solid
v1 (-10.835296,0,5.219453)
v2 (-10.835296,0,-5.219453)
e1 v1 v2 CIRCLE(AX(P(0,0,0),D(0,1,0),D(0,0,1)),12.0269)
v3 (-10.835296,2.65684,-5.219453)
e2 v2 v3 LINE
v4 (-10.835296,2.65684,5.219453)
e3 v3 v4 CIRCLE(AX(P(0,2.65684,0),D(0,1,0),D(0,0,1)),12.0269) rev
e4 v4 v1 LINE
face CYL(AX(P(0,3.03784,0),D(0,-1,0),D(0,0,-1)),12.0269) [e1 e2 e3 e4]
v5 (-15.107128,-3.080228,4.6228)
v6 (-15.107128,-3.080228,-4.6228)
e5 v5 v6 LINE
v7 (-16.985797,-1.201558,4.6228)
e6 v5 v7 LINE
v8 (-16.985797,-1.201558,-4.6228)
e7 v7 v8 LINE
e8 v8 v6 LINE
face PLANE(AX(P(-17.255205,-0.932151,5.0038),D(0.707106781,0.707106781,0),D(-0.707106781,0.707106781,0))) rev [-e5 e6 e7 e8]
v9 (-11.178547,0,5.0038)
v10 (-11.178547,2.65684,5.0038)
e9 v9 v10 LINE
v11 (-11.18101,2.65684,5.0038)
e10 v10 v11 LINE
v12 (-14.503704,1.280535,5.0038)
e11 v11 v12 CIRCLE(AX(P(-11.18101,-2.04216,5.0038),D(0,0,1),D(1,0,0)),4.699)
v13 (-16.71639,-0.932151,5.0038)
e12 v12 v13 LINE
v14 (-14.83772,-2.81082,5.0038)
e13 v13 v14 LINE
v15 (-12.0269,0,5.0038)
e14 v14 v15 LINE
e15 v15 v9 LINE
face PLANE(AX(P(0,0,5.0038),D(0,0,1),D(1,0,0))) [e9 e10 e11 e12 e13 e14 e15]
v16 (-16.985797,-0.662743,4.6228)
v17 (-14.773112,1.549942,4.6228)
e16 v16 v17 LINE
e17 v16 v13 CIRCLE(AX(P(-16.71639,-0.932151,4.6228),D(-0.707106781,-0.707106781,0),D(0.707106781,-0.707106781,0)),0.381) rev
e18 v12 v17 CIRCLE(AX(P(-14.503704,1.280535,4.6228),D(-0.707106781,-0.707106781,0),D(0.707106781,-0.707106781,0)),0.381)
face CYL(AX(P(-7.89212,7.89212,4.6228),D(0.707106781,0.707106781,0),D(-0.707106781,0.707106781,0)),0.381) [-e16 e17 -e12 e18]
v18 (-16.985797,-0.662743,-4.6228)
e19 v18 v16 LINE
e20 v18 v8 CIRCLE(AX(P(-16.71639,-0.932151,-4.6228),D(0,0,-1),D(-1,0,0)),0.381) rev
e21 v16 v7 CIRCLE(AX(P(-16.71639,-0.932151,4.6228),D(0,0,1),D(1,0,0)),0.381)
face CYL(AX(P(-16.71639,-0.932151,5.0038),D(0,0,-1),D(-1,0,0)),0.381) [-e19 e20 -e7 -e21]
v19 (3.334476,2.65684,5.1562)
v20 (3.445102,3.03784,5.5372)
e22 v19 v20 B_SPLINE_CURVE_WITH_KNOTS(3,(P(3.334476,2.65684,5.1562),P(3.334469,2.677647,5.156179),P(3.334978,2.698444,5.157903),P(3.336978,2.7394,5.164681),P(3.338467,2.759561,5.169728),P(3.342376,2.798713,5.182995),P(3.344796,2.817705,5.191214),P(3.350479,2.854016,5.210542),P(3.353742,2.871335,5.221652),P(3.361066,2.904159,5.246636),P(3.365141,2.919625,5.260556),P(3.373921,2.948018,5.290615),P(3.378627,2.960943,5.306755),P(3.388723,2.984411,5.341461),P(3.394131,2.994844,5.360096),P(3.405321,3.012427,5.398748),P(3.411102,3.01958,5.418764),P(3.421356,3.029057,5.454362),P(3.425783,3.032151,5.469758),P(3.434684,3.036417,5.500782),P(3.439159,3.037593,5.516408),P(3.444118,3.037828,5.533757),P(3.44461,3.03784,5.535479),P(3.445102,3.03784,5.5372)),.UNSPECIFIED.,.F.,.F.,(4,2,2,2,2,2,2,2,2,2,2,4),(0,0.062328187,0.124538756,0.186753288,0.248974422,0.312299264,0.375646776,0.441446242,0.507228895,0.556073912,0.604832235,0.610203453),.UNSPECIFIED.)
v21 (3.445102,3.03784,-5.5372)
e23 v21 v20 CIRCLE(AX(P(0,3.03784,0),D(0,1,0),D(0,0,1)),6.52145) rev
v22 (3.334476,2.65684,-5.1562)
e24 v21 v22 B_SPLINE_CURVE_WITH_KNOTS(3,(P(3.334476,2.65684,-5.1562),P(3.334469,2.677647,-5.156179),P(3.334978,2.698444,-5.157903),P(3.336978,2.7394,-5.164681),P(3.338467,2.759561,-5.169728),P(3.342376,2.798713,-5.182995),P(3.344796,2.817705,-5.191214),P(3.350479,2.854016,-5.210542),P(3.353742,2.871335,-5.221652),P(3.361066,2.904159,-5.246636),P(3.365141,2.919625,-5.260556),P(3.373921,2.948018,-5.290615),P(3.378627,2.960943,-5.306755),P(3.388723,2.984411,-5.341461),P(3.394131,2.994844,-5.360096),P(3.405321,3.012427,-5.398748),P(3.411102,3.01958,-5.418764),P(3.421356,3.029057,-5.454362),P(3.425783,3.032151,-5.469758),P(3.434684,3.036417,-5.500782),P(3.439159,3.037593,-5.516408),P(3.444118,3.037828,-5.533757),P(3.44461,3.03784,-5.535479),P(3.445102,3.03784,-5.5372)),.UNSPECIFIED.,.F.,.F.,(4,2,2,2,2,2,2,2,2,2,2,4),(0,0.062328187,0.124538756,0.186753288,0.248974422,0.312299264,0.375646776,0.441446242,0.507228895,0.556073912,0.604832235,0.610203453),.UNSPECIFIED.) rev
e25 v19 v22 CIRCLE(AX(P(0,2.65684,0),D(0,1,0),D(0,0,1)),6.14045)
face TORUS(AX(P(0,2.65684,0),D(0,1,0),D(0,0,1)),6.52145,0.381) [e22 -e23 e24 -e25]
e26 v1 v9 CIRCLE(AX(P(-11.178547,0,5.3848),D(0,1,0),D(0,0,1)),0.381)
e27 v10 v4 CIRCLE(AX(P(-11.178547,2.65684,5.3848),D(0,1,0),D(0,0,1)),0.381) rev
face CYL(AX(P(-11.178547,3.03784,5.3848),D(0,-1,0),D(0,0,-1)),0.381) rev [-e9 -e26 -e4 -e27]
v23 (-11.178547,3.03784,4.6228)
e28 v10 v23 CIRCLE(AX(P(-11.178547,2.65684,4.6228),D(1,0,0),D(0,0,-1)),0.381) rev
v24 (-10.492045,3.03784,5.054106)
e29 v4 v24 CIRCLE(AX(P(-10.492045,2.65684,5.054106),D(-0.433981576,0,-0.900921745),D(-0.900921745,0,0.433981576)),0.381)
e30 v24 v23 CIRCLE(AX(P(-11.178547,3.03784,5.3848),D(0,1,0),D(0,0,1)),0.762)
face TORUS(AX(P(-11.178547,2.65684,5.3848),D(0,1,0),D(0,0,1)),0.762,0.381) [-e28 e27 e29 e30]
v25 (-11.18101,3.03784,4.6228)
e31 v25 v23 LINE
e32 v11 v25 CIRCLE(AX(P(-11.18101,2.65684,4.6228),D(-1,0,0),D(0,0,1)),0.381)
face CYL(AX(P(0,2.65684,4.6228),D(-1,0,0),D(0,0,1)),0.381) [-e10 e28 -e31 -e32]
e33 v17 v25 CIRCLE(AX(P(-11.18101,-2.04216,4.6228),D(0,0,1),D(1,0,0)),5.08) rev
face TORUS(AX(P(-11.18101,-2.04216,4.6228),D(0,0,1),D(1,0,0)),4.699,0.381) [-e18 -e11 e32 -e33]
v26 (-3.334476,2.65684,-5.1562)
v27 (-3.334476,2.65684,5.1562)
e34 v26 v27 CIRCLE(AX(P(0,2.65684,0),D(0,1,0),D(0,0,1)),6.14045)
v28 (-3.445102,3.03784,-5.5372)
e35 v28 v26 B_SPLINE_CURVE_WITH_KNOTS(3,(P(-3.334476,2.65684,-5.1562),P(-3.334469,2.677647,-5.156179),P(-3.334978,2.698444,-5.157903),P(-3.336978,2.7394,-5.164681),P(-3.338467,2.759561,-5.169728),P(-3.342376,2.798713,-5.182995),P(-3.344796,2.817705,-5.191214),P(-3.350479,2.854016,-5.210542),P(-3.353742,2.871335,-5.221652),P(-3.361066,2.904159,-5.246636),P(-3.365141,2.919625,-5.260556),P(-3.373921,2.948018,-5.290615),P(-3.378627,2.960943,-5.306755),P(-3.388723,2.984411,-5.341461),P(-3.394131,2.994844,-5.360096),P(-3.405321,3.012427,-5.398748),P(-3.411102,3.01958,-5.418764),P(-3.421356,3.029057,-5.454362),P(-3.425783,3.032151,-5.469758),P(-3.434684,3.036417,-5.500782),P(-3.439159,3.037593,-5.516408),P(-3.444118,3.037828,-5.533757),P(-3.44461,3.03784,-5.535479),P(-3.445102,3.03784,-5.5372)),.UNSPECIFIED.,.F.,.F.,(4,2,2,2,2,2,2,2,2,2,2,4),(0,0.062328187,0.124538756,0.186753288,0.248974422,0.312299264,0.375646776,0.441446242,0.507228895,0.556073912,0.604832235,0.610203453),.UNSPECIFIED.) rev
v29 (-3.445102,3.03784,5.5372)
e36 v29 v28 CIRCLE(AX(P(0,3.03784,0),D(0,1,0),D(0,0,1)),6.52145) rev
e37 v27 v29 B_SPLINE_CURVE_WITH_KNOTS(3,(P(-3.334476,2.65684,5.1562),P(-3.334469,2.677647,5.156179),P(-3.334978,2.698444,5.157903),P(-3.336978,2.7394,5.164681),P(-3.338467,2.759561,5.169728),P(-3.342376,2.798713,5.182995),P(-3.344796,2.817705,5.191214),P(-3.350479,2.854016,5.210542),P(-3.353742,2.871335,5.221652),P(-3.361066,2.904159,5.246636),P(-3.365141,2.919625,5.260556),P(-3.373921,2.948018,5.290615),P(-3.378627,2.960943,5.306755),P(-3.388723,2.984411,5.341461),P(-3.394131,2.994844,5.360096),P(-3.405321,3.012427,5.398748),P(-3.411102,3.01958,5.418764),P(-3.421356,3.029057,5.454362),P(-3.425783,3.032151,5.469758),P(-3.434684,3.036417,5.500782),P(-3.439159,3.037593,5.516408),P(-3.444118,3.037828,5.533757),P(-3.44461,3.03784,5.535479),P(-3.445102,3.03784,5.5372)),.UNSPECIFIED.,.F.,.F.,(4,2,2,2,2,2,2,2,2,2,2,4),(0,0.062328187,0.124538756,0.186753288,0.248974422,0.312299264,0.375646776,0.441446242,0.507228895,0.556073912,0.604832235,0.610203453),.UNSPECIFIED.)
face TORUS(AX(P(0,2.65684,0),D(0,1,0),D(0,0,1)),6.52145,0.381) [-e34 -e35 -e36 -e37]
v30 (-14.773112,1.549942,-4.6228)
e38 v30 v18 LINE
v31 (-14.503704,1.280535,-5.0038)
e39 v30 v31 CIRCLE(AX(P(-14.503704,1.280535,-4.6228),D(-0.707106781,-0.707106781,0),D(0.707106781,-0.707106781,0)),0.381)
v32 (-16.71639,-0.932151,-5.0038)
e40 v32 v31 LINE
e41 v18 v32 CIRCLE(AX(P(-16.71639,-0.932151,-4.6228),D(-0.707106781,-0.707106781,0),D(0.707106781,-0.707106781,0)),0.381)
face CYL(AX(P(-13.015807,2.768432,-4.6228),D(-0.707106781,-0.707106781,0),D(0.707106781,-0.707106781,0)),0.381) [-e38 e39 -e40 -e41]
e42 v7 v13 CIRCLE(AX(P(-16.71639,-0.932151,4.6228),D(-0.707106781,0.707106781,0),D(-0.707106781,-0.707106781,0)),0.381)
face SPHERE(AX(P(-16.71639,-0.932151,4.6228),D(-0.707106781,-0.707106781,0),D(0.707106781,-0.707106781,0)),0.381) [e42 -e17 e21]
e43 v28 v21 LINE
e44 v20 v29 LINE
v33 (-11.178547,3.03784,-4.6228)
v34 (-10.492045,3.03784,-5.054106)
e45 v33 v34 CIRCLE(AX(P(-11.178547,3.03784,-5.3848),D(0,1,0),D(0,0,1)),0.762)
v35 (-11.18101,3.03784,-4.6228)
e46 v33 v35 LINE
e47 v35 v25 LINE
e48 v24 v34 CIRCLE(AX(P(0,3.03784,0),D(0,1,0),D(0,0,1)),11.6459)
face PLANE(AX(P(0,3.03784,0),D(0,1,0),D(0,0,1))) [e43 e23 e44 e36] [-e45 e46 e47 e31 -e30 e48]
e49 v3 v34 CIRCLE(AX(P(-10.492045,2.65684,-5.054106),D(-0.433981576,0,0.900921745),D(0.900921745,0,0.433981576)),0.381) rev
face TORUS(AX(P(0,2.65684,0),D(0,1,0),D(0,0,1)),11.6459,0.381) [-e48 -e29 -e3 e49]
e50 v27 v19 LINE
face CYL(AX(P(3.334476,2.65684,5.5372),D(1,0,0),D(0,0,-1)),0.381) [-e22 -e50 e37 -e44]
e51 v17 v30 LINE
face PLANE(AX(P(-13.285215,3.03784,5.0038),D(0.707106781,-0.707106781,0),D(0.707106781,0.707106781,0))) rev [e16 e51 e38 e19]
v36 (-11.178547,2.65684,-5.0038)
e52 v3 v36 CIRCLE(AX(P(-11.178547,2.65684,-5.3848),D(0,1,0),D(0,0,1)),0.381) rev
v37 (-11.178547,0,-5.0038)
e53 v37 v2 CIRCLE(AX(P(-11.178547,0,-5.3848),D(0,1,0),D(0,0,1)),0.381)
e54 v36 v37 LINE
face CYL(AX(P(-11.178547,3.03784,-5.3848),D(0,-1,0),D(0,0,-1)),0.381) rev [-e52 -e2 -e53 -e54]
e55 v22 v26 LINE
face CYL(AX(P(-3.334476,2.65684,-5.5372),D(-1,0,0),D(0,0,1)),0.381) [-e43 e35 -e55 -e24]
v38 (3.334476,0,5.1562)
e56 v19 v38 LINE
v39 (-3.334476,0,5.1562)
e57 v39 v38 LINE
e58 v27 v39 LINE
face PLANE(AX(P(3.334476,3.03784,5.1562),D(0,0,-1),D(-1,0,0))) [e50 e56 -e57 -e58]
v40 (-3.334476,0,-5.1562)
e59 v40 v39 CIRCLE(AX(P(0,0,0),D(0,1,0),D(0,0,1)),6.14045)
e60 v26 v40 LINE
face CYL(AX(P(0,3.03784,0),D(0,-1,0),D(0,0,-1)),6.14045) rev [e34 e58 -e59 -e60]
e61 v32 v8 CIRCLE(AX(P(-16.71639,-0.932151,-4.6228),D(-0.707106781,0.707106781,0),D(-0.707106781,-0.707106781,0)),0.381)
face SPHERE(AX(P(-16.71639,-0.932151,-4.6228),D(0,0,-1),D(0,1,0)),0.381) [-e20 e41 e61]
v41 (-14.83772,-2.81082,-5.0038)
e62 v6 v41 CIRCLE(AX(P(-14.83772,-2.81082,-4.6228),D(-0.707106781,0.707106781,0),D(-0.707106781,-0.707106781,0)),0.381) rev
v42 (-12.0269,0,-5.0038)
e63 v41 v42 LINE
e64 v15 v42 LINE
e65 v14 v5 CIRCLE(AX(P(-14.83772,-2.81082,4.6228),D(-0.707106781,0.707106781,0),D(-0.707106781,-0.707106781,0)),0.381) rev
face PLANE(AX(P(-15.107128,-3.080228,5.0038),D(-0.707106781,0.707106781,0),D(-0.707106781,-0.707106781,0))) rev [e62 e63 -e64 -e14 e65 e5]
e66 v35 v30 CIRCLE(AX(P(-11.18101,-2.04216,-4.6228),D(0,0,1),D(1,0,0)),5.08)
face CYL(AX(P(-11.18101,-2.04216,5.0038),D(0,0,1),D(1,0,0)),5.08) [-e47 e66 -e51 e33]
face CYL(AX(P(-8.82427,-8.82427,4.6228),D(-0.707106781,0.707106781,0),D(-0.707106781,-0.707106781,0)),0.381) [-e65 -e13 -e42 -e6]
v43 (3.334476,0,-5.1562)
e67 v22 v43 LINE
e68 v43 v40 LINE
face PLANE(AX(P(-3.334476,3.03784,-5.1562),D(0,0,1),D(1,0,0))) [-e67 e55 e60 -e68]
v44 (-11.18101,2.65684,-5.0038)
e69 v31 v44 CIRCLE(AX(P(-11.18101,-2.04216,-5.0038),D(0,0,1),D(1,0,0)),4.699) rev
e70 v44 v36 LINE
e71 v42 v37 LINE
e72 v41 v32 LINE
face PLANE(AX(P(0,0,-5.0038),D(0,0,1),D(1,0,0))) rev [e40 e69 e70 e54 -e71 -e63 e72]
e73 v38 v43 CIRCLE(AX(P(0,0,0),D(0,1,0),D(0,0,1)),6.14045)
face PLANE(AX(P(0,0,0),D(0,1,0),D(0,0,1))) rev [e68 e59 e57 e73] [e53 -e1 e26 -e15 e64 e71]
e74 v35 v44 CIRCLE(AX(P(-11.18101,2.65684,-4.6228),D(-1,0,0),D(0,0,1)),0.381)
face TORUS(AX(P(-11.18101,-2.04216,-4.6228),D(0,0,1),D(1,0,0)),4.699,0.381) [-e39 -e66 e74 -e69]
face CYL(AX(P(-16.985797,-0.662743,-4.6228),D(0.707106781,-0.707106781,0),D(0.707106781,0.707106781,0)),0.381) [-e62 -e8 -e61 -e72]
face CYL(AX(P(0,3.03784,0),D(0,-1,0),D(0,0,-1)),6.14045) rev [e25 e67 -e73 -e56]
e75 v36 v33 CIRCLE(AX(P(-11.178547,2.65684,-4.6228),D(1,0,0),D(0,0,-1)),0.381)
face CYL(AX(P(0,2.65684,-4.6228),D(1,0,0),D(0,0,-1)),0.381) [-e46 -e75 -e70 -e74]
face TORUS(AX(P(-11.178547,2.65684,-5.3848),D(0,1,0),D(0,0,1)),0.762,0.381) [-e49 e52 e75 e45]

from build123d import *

# Parameters (mm, degrees)
SKETCH1_R           = 12.0269
BOSS_EXTRUDE1_DEPTH = 3.03784
BOSS_EXTRUDE2_DEPTH = 5.0038
FILLET1_R           = 5.08
FILLET2_R           = 0.381


with BuildPart() as part:
    # Sketch1 → Boss-Extrude1 (new body)
    with BuildSketch(Plane(origin=(0, 0, 0), x_dir=(1, 0, 0), z_dir=(0, 1, 0))):
        with Locations(Location((0, 0, 0), (0, 0, 270))):
            Circle(SKETCH1_R)
        with BuildLine():
            Line((-3.334475635, 5.1562), (3.334475635, 5.1562))
            ThreePointArc((3.334475635, 5.1562), (6.14045, 0), (3.334475635, -5.1562))
            Line((3.334475635, -5.1562), (-3.334475635, -5.1562))
            ThreePointArc((-3.334475635, -5.1562), (-6.14045, 0), (-3.334475635, 5.1562))
        make_face(mode=Mode.SUBTRACT)
    extrude(amount=BOSS_EXTRUDE1_DEPTH)

    # Sketch3 → Boss-Extrude2 (add, symmetric)
    with BuildSketch(Plane.XY):
        Polygon((-6.14045, 3.03784), (-13.285214528, 3.03784), (-17.255205114, -0.932150585), (-15.10712785, -3.08022785), (-12.0269, 0), (-6.14045, 0), align=None)
    extrude(amount=BOSS_EXTRUDE2_DEPTH, both=True)

    # Fillet1
    fillet1_edges = [part.edges().sort_by_distance(p)[0] for p in [
        (-13.285214528, 3.03784, 0),
    ]]
    fillet(fillet1_edges, radius=FILLET1_R)

    # Fillet2
    fillet2_edges = [part.edges().sort_by_distance(p)[0] for p in [
        (6.14045, 3.03784, 0),
        (0, 3.03784, -5.1562),
        (12.0269, 3.03784, 0),
        (-10.936558379, 1.51892, -5.0038),
        (-10.936558379, 1.51892, 5.0038),
        (-11.058784005, 3.03784, 5.0038),
        (-16.181166482, -2.006189217, 5.0038),
        (-11.058784005, 3.03784, -5.0038),
        (-16.181166482, -2.006189217, -5.0038),
        (-17.255205114, -0.932150585, 0),
        (-16.014158597, 0.308895932, -5.0038),
        (-16.014158597, 0.308895932, 5.0038),
        (-13.125041468, 2.651148025, -5.0038),
        (-13.125041468, 2.651148025, 5.0038),
        (-6.14045, 3.03784, 0),
        (0, 3.03784, 5.1562),
    ]]
    fillet(fillet2_edges, radius=FILLET2_R)


solid = part.part
